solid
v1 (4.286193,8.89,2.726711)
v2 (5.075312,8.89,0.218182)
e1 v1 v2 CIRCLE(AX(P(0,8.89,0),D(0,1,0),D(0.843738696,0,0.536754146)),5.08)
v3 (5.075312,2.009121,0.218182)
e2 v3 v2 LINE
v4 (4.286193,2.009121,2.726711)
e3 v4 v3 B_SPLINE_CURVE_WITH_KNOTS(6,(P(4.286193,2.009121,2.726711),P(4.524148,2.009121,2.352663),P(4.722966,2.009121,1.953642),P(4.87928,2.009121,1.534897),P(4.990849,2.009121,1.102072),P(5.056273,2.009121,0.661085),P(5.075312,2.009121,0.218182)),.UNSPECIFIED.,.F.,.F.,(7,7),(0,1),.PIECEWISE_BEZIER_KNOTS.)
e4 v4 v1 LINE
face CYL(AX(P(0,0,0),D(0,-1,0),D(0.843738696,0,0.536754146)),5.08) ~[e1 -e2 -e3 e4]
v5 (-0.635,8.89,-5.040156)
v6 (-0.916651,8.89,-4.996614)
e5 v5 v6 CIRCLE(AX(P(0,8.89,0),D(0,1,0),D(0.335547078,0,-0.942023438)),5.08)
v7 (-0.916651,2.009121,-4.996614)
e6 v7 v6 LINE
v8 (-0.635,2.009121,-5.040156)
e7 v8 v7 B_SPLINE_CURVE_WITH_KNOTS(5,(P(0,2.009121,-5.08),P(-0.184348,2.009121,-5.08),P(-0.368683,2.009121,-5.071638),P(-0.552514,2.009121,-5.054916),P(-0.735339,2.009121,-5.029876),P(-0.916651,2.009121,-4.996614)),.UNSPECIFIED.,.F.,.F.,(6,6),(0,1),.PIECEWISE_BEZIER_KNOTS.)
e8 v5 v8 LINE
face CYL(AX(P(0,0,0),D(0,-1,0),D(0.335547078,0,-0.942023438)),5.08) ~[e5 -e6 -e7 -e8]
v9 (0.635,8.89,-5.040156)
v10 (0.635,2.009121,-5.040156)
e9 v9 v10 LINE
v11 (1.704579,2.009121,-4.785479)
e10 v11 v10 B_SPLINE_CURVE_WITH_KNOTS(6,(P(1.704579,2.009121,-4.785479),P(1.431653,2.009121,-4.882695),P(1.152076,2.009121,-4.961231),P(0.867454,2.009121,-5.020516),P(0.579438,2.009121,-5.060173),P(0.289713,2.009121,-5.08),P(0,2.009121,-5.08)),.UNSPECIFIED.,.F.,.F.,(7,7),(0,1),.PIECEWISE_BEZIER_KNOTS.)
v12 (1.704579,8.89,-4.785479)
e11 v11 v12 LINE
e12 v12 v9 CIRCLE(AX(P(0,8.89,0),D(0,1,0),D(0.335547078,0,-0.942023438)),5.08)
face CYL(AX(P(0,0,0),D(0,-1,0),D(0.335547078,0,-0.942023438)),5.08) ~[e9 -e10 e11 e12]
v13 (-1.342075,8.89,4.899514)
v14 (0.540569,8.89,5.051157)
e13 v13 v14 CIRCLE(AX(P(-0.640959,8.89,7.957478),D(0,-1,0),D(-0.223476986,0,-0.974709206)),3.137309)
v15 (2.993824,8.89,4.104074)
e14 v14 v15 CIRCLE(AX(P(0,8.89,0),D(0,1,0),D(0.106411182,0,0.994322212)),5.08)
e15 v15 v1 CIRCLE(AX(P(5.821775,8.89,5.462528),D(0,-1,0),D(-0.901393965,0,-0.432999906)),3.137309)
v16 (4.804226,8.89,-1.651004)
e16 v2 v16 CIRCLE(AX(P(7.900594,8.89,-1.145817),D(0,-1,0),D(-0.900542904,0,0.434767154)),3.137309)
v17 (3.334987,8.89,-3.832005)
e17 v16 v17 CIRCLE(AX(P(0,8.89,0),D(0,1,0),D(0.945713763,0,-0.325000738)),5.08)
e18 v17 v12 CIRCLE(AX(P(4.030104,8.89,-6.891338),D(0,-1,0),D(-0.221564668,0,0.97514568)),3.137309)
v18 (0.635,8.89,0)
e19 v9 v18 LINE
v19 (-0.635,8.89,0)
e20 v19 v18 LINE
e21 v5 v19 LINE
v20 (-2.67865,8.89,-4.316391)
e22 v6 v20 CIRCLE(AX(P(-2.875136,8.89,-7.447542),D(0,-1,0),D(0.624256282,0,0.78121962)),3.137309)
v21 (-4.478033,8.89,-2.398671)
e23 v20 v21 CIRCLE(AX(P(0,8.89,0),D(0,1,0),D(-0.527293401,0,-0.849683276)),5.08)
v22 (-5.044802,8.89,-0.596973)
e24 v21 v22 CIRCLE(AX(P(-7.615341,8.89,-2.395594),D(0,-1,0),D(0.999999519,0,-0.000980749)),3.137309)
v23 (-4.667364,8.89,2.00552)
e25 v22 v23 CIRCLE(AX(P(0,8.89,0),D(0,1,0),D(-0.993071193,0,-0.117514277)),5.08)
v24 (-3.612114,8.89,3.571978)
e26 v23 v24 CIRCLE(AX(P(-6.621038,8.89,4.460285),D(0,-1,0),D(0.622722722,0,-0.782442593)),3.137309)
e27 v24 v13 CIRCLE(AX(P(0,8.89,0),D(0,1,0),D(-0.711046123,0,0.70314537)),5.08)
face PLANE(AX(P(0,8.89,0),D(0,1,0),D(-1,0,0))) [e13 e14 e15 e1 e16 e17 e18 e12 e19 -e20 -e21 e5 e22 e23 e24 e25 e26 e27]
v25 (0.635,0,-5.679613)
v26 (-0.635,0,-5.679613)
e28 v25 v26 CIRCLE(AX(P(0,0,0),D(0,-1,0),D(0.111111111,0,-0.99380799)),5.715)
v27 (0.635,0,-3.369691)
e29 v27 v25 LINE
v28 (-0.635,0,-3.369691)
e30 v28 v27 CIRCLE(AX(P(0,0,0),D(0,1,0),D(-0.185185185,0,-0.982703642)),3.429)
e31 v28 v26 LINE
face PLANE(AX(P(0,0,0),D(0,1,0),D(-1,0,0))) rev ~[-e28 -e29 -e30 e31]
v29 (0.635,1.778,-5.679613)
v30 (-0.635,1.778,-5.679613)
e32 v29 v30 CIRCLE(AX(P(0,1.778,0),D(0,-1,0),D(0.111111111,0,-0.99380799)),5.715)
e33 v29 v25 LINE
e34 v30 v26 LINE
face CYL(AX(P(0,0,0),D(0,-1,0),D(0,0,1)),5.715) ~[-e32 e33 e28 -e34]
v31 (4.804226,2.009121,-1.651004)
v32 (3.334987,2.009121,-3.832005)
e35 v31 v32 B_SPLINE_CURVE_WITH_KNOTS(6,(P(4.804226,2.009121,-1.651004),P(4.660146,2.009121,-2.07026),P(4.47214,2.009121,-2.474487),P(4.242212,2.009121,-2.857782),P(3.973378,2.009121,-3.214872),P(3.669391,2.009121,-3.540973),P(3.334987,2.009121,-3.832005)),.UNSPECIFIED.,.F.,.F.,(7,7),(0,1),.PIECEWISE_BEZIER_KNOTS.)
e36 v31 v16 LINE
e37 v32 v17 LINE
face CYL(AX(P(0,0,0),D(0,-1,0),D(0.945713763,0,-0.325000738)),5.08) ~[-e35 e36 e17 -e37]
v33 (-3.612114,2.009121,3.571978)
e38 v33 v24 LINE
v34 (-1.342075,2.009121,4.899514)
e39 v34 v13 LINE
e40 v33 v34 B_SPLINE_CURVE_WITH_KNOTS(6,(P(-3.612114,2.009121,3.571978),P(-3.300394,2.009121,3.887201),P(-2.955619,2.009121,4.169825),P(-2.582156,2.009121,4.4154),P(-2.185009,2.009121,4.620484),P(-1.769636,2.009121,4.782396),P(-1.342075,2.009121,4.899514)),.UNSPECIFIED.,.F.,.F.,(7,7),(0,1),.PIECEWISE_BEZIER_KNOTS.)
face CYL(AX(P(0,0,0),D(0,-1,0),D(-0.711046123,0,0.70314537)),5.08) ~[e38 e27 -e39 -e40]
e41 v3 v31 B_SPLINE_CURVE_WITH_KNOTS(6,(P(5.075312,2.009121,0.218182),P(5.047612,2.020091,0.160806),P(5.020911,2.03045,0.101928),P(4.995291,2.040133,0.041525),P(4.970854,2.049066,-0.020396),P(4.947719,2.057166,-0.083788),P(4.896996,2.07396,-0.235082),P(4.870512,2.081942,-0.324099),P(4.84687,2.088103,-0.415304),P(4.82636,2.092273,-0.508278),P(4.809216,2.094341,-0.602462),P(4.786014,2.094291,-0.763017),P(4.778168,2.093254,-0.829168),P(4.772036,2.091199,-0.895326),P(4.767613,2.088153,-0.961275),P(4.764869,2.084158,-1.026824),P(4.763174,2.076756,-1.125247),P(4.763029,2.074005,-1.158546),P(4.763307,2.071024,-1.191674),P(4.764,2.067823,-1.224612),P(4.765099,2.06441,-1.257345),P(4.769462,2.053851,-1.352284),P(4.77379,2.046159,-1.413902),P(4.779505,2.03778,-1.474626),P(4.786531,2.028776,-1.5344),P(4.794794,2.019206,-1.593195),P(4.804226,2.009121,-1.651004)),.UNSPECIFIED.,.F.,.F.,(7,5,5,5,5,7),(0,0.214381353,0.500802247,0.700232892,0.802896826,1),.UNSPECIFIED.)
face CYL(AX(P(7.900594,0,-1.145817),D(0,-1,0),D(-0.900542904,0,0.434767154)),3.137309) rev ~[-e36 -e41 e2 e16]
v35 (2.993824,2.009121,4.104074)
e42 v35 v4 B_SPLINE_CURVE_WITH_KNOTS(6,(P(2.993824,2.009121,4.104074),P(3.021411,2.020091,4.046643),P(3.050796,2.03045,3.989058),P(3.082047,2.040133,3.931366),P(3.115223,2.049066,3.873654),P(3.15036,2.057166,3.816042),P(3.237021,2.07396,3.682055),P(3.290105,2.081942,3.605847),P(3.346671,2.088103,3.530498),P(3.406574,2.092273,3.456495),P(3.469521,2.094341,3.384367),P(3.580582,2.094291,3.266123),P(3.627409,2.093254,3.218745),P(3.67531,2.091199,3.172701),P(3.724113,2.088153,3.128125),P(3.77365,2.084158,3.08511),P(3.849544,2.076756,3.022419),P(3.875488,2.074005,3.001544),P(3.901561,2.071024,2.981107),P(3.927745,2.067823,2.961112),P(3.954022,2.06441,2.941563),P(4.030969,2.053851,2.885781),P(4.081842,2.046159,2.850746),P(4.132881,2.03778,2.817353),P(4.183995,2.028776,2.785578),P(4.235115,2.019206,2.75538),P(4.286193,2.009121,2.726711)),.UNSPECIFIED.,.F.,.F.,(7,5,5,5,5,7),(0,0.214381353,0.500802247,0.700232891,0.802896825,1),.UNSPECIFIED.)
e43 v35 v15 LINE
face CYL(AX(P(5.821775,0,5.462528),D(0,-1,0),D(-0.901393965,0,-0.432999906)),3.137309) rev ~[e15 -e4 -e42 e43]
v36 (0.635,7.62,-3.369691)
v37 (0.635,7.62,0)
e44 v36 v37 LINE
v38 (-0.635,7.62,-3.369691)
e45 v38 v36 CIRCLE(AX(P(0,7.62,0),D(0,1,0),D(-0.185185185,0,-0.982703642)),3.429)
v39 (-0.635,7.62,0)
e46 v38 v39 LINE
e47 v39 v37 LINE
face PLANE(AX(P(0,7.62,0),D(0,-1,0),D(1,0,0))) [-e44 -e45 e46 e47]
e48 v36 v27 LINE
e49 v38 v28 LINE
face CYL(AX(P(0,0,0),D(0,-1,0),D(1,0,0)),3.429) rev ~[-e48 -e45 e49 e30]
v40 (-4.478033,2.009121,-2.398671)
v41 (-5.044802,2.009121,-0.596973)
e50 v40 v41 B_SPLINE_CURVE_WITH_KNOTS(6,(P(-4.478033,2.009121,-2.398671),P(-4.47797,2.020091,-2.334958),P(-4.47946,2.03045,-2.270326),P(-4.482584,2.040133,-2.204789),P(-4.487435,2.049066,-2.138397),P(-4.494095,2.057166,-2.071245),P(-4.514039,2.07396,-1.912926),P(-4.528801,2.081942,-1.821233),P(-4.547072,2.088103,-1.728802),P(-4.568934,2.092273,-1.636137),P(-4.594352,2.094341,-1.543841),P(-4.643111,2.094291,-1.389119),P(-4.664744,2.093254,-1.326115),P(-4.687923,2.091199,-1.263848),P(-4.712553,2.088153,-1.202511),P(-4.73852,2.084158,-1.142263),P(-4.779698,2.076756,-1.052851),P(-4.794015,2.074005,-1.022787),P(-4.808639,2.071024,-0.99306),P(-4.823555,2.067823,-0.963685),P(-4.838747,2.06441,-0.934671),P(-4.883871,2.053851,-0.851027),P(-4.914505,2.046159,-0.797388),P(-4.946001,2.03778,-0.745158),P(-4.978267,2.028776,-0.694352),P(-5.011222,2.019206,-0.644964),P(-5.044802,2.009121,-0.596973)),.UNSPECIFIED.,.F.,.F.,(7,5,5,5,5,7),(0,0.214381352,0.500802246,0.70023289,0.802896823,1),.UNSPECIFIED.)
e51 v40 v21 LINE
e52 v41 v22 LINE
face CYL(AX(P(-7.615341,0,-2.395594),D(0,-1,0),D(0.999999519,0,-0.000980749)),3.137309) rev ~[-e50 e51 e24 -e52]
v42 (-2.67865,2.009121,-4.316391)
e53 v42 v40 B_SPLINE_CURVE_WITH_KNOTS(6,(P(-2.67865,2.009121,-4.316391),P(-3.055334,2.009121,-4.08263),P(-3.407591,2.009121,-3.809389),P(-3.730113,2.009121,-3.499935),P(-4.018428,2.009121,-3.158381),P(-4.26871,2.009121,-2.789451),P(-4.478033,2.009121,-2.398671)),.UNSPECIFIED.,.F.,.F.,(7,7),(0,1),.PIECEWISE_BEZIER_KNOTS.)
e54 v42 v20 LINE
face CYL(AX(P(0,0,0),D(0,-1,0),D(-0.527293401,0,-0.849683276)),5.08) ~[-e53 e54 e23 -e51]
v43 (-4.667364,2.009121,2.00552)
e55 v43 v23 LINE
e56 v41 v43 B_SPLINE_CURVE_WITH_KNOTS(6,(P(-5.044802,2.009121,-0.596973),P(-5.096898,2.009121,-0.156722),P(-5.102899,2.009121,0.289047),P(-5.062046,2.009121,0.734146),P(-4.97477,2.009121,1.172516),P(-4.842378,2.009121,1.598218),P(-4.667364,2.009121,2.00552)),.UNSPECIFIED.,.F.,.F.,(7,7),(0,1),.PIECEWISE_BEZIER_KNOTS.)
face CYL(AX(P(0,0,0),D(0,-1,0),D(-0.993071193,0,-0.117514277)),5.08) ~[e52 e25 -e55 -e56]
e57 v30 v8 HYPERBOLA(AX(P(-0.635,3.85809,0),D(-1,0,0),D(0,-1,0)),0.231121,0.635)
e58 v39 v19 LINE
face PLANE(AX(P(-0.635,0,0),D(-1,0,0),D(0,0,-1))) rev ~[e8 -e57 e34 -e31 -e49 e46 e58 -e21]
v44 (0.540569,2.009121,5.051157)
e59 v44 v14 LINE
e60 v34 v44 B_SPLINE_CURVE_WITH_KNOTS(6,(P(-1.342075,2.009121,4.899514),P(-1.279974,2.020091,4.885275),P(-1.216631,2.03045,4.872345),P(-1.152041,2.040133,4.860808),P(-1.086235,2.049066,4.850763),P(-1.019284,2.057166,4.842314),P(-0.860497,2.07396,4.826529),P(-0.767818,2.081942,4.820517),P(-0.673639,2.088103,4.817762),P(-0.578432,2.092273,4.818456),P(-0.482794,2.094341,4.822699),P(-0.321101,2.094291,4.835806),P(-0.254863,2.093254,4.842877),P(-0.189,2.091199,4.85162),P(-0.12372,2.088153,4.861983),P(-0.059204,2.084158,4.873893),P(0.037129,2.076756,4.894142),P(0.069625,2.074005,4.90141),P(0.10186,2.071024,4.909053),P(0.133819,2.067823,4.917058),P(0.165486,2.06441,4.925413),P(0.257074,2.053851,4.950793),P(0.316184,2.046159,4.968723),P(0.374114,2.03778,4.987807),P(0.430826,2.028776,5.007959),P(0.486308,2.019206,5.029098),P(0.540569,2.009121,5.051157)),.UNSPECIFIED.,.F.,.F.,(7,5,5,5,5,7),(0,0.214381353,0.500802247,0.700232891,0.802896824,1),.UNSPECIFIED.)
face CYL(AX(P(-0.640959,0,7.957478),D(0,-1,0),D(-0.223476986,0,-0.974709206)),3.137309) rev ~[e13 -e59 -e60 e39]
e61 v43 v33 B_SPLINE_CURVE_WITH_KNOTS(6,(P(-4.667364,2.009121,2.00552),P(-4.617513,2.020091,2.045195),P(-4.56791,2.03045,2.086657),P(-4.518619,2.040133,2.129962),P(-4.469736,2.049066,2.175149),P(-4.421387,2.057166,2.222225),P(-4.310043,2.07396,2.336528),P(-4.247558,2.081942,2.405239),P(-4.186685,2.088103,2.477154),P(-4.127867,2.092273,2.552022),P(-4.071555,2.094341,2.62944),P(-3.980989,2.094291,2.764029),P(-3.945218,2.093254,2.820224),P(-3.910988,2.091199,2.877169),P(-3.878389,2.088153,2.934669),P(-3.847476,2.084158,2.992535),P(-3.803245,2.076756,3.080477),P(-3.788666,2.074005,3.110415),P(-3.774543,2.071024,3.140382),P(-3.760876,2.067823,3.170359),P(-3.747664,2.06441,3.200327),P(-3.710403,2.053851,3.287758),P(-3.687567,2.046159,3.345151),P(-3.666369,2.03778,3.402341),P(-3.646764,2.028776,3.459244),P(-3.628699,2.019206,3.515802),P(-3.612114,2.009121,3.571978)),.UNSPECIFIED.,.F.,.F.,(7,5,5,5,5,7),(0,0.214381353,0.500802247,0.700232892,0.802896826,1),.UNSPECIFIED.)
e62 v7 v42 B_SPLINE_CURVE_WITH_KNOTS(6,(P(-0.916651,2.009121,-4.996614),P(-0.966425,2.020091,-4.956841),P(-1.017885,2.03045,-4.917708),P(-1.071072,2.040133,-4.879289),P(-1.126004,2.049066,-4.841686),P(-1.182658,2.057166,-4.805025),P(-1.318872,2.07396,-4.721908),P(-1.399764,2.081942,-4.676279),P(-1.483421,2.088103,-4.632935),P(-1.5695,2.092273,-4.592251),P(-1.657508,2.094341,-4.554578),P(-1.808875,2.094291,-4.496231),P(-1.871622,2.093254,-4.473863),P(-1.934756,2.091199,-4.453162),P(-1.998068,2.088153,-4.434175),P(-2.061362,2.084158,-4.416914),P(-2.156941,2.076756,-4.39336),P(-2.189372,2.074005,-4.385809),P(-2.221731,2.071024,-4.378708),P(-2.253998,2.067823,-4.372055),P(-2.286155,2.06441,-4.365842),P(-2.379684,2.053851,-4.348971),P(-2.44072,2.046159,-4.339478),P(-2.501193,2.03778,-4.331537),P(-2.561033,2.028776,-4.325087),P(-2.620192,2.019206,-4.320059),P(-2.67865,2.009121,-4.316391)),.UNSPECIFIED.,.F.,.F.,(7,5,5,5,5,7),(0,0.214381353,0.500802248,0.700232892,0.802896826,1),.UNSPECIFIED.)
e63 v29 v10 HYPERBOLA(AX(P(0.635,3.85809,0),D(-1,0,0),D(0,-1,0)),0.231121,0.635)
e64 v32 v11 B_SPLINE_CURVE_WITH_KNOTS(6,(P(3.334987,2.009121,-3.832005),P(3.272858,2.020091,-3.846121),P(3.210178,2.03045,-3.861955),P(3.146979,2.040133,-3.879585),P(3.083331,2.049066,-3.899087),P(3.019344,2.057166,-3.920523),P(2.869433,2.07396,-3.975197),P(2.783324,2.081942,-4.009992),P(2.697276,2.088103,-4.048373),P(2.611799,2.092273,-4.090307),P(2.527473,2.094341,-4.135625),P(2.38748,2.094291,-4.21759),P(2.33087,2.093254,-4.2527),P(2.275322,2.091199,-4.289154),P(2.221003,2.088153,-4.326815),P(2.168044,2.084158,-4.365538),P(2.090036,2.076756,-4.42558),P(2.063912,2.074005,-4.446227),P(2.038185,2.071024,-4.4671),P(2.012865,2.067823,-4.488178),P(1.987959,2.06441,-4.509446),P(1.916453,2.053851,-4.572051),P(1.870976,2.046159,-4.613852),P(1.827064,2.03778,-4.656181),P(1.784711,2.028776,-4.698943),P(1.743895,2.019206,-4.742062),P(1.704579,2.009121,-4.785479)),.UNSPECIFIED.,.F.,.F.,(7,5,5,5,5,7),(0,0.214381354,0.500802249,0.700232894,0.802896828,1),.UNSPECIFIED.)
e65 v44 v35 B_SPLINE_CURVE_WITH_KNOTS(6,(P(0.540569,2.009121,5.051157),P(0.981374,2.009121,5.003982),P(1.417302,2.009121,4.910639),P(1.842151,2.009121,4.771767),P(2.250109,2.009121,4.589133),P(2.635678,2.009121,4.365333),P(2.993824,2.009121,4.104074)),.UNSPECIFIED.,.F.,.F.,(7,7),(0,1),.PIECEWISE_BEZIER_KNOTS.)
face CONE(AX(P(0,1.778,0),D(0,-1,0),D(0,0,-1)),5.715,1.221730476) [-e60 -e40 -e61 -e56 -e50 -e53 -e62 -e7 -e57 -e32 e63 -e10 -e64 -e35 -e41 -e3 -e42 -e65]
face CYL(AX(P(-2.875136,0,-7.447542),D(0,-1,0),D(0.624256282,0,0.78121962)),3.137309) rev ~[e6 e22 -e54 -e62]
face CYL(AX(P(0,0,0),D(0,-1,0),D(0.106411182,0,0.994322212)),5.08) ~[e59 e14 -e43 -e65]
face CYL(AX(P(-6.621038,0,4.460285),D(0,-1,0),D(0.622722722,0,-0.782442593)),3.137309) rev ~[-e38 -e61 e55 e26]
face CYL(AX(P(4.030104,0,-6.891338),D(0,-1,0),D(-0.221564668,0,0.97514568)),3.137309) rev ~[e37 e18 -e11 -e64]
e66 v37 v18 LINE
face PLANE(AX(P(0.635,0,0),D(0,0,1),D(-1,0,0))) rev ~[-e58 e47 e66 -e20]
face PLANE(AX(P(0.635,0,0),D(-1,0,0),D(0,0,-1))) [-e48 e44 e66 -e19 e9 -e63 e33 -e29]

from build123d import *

# Parameters (mm, degrees)
SKETCH1_R           = 5.715
BOSS_EXTRUDE1_DEPTH = 1.778
BOSS_EXTRUDE3_DEPTH = 8.89
SKETCH6_W           = 1.27
SKETCH6_H           = 14.319161929
CUT_EXTRUDE4_DEPTH  = 13.014764004
SKETCH9_R           = 3.429
CUT_EXTRUDE6_DEPTH  = 7.62


with BuildPart() as part:
    # Sketch1 → Boss-Extrude1 (new body)
    with BuildSketch(Plane(origin=(0, 0, 0), x_dir=(1, 0, 0), z_dir=(0, 1, 0))):
        with Locations(Location((0, 0, 0), (0, 0, 270))):
            Circle(SKETCH1_R)
    extrude(amount=BOSS_EXTRUDE1_DEPTH)

    # Boss-Extrude2 cone 1 section (through the dimple's axis) → Boss-Extrude2 (revolve)
    with BuildSketch(Plane(origin=(0, 1.778, 0), x_dir=(0, 0, -1), z_dir=(1, 0, 0))):
        Polygon((0, 0), (5.715, 0), (0, 2.080089889), align=None)
    revolve(axis=Axis((0, 1.778, 0), (0, 1, 0)))

    # Sketch5 → Boss-Extrude3 (add)
    with BuildSketch(Plane.XZ):
        with BuildLine():
            ThreePointArc((3.334987409, -3.832004565), (2.446327806, -4.183135508), (1.704579152, -4.785479068))
            ThreePointArc((1.704579152, -4.785479068), (0.407862853, -5.06360029), (-0.916651171, -4.996613917))
            ThreePointArc((-0.916651171, -4.996613917), (-1.745246597, -4.520758424), (-2.678650476, -4.316391042))
            ThreePointArc((-2.678650476, -4.316391042), (-3.704583791, -3.475983161), (-4.478032723, -2.398671077))
            ThreePointArc((-4.478032723, -2.398671077), (-4.622614715, -1.45415804), (-5.044801662, -0.596972523))
            ThreePointArc((-5.044801662, -0.596972523), (-5.027403282, 0.729120186), (-4.667364299, 2.005520007))
            ThreePointArc((-4.667364299, 2.005520007), (-4.019059669, 2.707453007), (-3.612114301, 3.571978482))
            ThreePointArc((-3.612114301, 3.571978482), (-2.56448556, 4.385181161), (-1.342075361, 4.899513621))
            ThreePointArc((-1.342075361, 4.899513621), (-0.389070718, 4.830296718), (0.540568802, 5.051156835))
            ThreePointArc((0.540568802, 5.051156835), (1.829542094, 4.73911128), (2.993823697, 4.104073546))
            ThreePointArc((2.993823697, 4.104073546), (3.533896419, 3.31582848), (4.286192572, 2.726711066))
            ThreePointArc((4.286192572, 2.726711066), (4.845887235, 1.524393946), (5.075312448, 0.218182383))
            ThreePointArc((5.075312448, 0.218182383), (4.795767474, -0.695526234), (4.804225912, -1.65100375))
            ThreePointArc((4.804225912, -1.65100375), (4.213180451, -2.838223122), (3.334987409, -3.832004565))
        make_face()
    extrude(amount=-BOSS_EXTRUDE3_DEPTH)

    # Sketch6 → Cut-Extrude4 (cut, through all)
    with BuildSketch(Plane(origin=(0, 0, 0), x_dir=(-1, 0, 0), z_dir=(0, -1, 0))):
        with Locations((0, 7.159580965)):
            Rectangle(SKETCH6_W, SKETCH6_H)
    extrude(amount=-CUT_EXTRUDE4_DEPTH, mode=Mode.SUBTRACT)

    # Sketch9 → Cut-Extrude6 (cut)
    with BuildSketch(Plane.XZ):
        Circle(SKETCH9_R)
    extrude(amount=-CUT_EXTRUDE6_DEPTH, mode=Mode.SUBTRACT)


solid = part.part
